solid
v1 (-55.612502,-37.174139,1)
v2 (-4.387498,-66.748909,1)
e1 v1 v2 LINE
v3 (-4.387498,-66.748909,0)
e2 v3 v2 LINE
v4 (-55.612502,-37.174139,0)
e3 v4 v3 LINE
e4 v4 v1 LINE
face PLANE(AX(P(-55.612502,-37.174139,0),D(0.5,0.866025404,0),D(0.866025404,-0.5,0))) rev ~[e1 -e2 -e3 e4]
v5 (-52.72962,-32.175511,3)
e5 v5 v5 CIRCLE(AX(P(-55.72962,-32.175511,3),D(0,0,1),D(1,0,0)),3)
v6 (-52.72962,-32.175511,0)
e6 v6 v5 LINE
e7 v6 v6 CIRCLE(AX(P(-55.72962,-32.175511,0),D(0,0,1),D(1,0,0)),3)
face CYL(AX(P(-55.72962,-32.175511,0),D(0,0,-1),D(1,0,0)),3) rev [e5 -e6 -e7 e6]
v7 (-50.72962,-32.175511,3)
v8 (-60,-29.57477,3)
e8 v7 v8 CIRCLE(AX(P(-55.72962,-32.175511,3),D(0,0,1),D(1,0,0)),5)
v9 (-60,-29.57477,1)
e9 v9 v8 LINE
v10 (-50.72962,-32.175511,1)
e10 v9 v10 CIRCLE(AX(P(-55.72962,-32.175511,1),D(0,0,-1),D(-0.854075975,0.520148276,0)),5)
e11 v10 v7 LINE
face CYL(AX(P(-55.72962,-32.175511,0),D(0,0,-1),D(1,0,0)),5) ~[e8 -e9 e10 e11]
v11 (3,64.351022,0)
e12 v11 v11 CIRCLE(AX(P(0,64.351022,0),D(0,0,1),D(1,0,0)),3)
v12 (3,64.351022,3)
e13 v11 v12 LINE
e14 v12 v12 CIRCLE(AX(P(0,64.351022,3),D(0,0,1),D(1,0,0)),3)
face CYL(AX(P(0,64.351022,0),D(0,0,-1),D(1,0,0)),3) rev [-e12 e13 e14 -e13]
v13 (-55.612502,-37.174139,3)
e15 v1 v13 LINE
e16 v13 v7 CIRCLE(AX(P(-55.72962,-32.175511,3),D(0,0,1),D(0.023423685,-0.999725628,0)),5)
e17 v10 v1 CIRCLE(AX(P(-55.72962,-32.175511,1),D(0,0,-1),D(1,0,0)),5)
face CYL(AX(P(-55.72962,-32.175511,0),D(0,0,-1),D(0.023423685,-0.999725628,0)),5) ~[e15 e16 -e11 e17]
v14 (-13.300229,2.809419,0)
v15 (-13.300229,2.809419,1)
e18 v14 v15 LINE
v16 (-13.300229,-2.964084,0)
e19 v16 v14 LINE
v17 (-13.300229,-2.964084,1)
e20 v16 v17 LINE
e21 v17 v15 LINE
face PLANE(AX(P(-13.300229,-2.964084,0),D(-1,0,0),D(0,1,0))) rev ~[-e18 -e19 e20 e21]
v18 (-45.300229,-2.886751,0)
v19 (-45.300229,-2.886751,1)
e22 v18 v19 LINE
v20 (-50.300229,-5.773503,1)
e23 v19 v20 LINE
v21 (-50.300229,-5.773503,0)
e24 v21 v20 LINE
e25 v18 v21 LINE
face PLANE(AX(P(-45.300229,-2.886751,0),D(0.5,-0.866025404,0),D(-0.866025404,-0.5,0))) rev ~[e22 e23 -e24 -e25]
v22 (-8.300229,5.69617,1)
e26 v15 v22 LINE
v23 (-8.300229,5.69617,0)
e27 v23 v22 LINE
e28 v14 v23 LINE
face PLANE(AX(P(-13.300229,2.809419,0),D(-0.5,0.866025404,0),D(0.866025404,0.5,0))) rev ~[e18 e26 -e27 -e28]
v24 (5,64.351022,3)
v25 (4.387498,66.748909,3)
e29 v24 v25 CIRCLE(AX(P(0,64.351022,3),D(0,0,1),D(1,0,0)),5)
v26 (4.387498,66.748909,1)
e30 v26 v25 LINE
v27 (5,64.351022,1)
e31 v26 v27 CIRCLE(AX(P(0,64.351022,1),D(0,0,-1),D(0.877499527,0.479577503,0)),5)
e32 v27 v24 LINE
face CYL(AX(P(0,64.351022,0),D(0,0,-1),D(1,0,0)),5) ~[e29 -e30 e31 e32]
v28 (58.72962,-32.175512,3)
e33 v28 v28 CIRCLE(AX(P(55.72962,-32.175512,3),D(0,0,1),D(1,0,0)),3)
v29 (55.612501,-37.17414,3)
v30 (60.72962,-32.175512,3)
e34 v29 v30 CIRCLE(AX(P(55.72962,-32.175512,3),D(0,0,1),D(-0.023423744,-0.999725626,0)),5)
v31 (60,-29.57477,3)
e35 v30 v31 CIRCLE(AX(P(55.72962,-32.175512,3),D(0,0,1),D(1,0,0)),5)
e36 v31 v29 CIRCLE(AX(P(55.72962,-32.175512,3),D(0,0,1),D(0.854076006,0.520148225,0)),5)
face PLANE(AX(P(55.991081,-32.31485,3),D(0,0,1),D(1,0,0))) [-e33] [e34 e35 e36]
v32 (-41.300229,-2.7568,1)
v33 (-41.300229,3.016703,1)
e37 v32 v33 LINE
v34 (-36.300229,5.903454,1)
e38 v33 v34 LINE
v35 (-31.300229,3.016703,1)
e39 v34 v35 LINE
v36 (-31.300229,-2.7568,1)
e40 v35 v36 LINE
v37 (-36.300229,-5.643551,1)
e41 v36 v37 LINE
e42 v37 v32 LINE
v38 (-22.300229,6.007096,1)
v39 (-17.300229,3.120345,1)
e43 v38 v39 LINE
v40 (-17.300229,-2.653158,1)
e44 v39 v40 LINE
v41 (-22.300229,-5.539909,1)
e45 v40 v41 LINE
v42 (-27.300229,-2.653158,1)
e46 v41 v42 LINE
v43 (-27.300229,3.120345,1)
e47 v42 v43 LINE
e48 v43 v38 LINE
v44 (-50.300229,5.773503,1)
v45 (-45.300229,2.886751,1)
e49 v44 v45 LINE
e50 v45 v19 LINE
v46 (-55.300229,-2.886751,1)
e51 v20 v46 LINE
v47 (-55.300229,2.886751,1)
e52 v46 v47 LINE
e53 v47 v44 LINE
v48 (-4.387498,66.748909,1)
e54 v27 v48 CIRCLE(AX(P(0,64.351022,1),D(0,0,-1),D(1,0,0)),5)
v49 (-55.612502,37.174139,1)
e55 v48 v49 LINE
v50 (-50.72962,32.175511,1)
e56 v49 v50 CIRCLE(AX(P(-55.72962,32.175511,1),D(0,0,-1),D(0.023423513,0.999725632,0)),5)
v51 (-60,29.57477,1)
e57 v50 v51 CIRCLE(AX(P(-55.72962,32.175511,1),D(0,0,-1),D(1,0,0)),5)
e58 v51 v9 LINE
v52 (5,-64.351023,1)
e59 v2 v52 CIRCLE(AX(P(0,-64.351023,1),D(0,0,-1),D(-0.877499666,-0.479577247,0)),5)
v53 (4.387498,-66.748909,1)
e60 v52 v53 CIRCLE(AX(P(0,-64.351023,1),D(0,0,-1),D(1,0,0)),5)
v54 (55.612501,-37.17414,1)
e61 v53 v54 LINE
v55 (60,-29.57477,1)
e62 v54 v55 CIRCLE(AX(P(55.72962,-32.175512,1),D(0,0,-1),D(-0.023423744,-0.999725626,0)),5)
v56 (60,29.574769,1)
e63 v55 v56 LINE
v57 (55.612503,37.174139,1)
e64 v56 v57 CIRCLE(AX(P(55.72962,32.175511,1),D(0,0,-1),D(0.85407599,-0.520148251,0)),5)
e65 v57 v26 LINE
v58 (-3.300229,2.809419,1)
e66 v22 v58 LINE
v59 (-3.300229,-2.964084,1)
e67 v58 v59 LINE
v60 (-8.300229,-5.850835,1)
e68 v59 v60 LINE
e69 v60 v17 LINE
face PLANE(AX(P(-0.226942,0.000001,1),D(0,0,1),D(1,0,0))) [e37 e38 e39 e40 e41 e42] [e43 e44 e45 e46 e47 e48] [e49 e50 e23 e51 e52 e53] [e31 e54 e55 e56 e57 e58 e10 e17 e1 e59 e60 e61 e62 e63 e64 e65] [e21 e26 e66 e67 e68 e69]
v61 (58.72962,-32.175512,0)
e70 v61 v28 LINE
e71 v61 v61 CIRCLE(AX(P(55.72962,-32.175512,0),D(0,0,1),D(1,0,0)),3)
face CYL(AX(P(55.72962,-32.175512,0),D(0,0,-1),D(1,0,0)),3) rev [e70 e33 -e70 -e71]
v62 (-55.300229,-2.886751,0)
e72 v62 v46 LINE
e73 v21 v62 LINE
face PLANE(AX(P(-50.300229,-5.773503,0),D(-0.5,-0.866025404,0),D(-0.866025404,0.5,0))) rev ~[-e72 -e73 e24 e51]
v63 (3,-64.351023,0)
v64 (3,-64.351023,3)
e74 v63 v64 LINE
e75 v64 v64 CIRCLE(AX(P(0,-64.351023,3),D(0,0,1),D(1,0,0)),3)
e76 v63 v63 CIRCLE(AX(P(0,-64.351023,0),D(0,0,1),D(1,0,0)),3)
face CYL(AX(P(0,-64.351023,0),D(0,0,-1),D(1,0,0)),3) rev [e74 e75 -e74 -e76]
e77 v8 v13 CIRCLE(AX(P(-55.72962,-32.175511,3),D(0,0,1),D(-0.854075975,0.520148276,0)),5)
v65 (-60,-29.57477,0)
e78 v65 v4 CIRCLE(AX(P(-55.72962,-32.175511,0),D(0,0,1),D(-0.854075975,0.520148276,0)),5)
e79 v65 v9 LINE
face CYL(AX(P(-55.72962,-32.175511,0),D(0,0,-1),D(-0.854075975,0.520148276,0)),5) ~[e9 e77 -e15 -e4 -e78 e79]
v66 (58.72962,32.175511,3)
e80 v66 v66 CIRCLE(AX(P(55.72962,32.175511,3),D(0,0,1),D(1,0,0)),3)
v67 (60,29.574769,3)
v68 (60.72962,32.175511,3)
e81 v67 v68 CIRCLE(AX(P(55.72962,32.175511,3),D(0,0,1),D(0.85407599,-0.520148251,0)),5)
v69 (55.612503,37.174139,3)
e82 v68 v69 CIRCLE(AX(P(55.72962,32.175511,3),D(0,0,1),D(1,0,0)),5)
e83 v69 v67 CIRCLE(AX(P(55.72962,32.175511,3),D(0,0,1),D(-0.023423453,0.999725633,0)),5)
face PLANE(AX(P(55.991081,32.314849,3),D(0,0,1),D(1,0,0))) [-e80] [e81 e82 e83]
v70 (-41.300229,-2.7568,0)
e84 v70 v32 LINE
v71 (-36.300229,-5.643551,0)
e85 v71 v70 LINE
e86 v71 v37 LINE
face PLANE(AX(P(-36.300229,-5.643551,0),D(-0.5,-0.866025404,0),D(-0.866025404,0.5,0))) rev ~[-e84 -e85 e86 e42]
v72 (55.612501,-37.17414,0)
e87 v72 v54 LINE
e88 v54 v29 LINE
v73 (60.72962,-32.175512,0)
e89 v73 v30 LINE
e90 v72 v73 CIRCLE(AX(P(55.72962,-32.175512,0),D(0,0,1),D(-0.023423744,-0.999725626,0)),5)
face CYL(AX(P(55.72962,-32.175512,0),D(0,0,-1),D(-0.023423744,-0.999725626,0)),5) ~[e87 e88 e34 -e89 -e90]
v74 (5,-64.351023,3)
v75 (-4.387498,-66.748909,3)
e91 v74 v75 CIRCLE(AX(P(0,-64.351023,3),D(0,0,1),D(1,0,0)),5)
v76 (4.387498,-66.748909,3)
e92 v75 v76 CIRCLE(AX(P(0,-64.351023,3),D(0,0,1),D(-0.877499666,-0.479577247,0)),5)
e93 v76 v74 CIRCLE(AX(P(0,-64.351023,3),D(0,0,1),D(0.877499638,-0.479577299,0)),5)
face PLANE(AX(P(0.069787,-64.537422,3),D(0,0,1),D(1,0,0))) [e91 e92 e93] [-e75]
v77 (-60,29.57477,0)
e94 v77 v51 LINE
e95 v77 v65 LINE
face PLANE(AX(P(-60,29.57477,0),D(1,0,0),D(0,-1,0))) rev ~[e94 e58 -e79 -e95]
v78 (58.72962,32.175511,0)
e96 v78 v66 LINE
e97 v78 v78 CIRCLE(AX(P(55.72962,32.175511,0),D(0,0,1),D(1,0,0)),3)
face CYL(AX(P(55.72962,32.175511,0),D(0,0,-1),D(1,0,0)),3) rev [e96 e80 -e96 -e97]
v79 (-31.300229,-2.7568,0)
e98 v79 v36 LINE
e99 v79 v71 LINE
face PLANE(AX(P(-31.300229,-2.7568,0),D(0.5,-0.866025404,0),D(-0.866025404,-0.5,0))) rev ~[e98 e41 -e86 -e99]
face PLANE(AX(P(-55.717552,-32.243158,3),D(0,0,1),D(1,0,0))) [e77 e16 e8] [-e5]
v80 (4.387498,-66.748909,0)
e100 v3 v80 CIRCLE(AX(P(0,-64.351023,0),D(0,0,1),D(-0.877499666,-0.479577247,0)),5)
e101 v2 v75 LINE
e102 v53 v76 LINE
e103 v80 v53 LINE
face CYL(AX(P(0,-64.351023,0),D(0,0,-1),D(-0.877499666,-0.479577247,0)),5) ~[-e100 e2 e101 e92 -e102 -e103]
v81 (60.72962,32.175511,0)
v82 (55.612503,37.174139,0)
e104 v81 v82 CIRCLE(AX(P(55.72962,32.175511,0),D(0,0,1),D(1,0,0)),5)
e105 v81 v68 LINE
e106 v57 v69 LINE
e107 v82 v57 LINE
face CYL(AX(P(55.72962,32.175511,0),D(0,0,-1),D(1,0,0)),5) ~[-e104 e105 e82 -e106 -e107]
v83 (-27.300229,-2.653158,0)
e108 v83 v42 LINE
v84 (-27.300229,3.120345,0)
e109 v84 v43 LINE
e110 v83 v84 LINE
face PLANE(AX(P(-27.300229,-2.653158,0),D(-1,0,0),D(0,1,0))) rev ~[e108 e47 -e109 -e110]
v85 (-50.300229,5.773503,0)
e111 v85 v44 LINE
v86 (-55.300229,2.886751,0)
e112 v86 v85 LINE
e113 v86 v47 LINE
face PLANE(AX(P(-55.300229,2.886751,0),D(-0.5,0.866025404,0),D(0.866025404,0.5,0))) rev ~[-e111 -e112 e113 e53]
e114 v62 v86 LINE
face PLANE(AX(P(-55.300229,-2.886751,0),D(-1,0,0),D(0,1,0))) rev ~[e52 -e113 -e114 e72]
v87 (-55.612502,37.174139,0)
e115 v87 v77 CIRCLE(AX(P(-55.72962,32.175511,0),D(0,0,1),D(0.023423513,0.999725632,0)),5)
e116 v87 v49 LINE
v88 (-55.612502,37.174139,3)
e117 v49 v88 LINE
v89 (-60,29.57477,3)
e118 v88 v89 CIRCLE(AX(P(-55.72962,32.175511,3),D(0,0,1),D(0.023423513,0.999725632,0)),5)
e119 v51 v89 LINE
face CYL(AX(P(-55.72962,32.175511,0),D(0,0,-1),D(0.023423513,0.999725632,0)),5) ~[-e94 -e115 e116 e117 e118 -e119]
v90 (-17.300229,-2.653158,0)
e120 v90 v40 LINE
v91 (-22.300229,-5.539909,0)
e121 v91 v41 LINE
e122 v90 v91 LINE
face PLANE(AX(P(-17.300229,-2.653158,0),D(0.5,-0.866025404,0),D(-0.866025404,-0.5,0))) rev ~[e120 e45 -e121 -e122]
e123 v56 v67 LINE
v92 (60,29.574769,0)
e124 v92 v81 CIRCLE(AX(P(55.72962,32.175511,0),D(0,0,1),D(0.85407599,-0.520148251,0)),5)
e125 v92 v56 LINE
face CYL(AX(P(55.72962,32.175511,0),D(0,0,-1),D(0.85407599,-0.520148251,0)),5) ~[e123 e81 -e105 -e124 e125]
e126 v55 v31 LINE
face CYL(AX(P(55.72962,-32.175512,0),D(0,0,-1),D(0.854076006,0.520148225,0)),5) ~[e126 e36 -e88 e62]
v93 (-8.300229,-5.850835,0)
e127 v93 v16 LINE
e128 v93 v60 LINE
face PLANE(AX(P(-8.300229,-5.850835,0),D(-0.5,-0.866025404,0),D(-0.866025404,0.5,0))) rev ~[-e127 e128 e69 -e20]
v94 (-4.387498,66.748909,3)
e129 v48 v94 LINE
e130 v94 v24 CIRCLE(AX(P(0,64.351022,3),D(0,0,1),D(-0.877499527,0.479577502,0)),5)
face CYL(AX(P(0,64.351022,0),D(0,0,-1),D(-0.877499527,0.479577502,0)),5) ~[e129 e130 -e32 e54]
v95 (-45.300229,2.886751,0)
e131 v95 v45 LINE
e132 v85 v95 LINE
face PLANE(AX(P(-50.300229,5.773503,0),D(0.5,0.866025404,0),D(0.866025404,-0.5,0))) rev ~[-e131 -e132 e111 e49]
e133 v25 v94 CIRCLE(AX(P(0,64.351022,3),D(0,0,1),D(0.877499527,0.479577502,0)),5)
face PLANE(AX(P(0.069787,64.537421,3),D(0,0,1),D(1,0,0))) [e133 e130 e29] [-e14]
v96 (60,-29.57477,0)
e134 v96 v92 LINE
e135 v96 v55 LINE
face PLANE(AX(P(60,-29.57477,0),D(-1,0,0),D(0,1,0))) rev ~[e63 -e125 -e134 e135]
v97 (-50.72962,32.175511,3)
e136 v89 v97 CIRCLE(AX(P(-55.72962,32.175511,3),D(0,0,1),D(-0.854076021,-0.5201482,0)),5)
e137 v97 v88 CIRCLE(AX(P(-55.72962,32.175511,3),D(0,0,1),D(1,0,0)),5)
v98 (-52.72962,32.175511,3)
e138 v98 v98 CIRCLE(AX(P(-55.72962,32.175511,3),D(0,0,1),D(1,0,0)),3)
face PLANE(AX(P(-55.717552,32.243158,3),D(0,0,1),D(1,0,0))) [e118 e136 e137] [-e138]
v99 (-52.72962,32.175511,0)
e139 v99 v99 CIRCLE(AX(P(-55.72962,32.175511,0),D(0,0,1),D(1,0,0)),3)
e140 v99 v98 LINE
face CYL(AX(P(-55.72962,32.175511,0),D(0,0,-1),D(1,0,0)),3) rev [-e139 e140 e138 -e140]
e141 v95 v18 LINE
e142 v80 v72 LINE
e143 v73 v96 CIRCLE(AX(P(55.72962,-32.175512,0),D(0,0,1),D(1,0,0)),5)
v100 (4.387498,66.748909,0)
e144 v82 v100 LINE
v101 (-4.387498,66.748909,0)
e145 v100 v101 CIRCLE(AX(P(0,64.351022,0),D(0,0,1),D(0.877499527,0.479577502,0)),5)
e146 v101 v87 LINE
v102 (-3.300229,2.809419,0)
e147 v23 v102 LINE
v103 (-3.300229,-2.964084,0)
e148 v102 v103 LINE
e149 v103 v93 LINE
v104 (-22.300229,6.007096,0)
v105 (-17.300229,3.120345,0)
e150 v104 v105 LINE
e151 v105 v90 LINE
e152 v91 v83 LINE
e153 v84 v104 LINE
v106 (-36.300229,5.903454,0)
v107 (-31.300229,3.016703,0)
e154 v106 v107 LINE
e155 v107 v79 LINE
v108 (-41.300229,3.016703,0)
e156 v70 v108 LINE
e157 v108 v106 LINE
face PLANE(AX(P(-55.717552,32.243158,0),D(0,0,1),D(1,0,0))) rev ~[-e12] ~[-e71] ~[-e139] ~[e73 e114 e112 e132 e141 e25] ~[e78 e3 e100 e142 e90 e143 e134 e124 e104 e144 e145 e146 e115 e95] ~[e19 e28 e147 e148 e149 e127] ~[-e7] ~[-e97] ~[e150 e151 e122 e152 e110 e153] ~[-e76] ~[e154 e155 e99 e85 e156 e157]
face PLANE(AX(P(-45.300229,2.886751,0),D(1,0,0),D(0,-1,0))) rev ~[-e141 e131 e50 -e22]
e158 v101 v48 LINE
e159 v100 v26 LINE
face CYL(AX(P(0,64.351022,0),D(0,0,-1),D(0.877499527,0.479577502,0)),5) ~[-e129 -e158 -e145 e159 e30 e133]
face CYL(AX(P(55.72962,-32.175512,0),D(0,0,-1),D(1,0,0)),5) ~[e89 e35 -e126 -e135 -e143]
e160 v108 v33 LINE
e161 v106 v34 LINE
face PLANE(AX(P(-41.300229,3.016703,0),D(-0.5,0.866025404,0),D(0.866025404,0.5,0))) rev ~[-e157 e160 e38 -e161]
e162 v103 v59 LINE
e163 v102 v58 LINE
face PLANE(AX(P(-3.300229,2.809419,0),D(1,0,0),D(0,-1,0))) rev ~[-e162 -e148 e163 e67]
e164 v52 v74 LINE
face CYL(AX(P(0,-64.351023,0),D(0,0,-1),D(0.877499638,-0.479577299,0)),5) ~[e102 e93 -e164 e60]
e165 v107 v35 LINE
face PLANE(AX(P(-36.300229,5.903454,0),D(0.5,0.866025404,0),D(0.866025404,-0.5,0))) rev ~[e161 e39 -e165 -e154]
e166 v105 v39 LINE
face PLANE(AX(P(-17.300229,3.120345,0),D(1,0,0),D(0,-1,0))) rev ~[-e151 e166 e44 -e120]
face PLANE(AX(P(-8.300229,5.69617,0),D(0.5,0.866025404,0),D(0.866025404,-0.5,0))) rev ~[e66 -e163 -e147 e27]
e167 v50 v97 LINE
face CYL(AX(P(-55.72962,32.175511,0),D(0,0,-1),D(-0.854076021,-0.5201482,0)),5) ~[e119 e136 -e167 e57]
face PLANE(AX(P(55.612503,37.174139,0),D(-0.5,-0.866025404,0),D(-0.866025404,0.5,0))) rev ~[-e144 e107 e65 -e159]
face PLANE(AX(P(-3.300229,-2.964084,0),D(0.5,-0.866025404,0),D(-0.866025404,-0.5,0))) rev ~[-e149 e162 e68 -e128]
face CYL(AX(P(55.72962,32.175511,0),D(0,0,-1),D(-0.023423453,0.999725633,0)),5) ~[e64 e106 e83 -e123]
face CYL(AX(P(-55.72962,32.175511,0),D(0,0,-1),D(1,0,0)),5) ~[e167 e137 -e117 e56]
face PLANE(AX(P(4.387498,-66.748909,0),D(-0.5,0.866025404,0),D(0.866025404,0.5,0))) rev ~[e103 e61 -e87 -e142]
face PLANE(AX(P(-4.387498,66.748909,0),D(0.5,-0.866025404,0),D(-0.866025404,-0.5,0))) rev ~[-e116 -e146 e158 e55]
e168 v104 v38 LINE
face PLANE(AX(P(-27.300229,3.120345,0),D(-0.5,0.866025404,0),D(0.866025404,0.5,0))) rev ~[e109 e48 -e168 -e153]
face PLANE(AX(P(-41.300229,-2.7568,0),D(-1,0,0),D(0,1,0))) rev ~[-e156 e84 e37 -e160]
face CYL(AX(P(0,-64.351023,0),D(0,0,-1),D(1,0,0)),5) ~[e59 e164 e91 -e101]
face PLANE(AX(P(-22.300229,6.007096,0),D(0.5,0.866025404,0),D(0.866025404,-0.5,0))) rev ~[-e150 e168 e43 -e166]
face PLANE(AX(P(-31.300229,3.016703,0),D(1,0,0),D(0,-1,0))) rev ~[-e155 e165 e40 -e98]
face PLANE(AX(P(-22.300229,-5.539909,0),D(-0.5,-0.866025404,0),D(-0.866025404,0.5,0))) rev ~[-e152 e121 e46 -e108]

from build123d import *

# Parameters (mm, degrees)
F1_DEPTH = 1
F0_R     = 3
F2_DEPTH = 3


with BuildPart() as f1:
    # F0 (on Top) → F1 (new body)
    with BuildSketch(Plane.XY):
        with BuildLine():
            Line((60, -29.5747704777), (60, 29.574769431))
            ThreePointArc((60, 29.574769431), (51.3994928411, 29.6755110105), (55.6125027826, 37.1741388509))
            Line((55.6125027826, 37.1741388509), (4.3874976328, 66.7489093634))
            ThreePointArc((4.3874976328, 66.7489093634), (4.844454983, 65.5884611093), (5, 64.351021851))
            ThreePointArc((5, 64.351021851), (-1.2374392583, 59.506566868), (-4.3874976328, 66.7489093634))
            Line((-4.3874976328, 66.7489093634), (-55.6125023294, 37.1741391126))
            ThreePointArc((-55.6125023294, 37.1741391126), (-52.1529183527, 35.6693921891), (-50.7296198931, 32.1755109531))
            ThreePointArc((-50.7296198931, 32.1755109531), (-54.37904604, 27.3613702959), (-60, 29.5747699543))
            Line((-60, 29.5747699543), (-60, -29.5747699543))
            ThreePointArc((-60, -29.5747699543), (-54.3790460573, -27.3613707384), (-50.7296201258, -32.1755113351))
            ThreePointArc((-50.7296201258, -32.1755113351), (-52.152918285, -35.6693922636), (-55.6125017026, -37.1741394744))
            Line((-55.6125017026, -37.1741394744), (-4.3874984862, -66.7489088707))
            ThreePointArc((-4.3874984862, -66.7489088707), (-1.237438708, -59.5065674728), (4.9999998449, -64.351022636))
            ThreePointArc((4.9999998449, -64.351022636), (4.8444549712, -65.5884613333), (4.387498033, -66.7489091323))
            Line((4.387498033, -66.7489091323), (55.6125012494, -37.1741397361))
            ThreePointArc((55.6125012494, -37.1741397361), (51.3994931648, -29.6755112347), (60, -29.5747704777))
        make_face()
        Polygon((-8.3002293408, -5.8508351856), (-13.3002293408, -2.9640838396), (-13.3002293408, 2.8094188523), (-8.3002293408, 5.6961701982), (-3.3002293408, 2.8094188523), (-3.3002293408, -2.9640838396), align=None, mode=Mode.SUBTRACT)
        Polygon((-50.3002293408, 5.7735026919), (-45.3002293408, 2.8867513459), (-45.3002293408, -2.8867513459), (-50.3002293408, -5.7735026919), (-55.3002293408, -2.8867513459), (-55.3002293408, 2.8867513459), align=None, mode=Mode.SUBTRACT)
        Polygon((-36.3002293408, -5.6435510621), (-41.3002293408, -2.7567997162), (-41.3002293408, 3.0167029757), (-36.3002293408, 5.9034543217), (-31.3002293408, 3.0167029757), (-31.3002293408, -2.7567997162), align=None, mode=Mode.SUBTRACT)
        Polygon((-22.3002293408, -5.5399089458), (-27.3002293408, -2.6531575999), (-27.3002293408, 3.120345092), (-22.3002293408, 6.007096438), (-17.3002293408, 3.120345092), (-17.3002293408, -2.6531575999), align=None, mode=Mode.SUBTRACT)
    extrude(amount=F1_DEPTH)

    # F0 (on Top) → F2 (join)
    with BuildSketch(Plane.XY):
        with BuildLine():
            ThreePointArc((-50.7296198931, 32.1755109531), (-52.1529183527, 35.6693921891), (-55.6125023294, 37.1741391126))
            ThreePointArc((-55.6125023294, 37.1741391126), (-60.0597469512, 34.6755108854), (-60, 29.5747699543))
            ThreePointArc((-60, 29.5747699543), (-54.37904604, 27.3613702959), (-50.7296198931, 32.1755109531))
        make_face()
        with Locations((-55.7296198931, 32.1755109531)):
            Circle(F0_R, mode=Mode.SUBTRACT)
        with BuildLine():
            ThreePointArc((5, 64.351021851), (4.844454983, 65.5884611093), (4.3874976328, 66.7489093634))
            ThreePointArc((4.3874976328, 66.7489093634), (0, 69.351021851), (-4.3874976328, 66.7489093634))
            ThreePointArc((-4.3874976328, 66.7489093634), (-1.2374392583, 59.506566868), (5, 64.351021851))
        make_face()
        with Locations((0, 64.351021851)):
            Circle(F0_R, mode=Mode.SUBTRACT)
        with BuildLine():
            ThreePointArc((55.6125027826, 37.1741388509), (51.3994928411, 29.6755110105), (60, 29.574769431))
            ThreePointArc((60, 29.574769431), (60.5437606651, 30.8249366878), (60.7296200482, 32.1755106845))
            ThreePointArc((60.7296200482, 32.1755106845), (59.2235013908, 35.7522121207), (55.6125027826, 37.1741388509))
        make_face()
        with Locations((55.7296200482, 32.1755106845)):
            Circle(F0_R, mode=Mode.SUBTRACT)
        with BuildLine():
            ThreePointArc((60.7296199707, -32.1755116038), (60.5437606077, -30.8249376789), (60, -29.5747704777))
            ThreePointArc((60, -29.5747704777), (51.3994931648, -29.6755112347), (55.6125012494, -37.1741397361))
            ThreePointArc((55.6125012494, -37.1741397361), (59.2235007925, -35.7522135487), (60.7296199707, -32.1755116038))
        make_face()
        with Locations((55.7296199707, -32.1755116038)):
            Circle(F0_R, mode=Mode.SUBTRACT)
        with BuildLine():
            ThreePointArc((-4.3874984862, -66.7489088707), (-3.042e-07, -69.351022636), (4.387498033, -66.7489091323))
            ThreePointArc((4.387498033, -66.7489091323), (4.8444549712, -65.5884613333), (4.9999998449, -64.351022636))
            ThreePointArc((4.9999998449, -64.351022636), (-1.237438708, -59.5065674728), (-4.3874984862, -66.7489088707))
        make_face()
        with Locations((-1.551e-07, -64.351022636)):
            Circle(F0_R, mode=Mode.SUBTRACT)
        with BuildLine():
            ThreePointArc((-60, -29.5747699543), (-60.0597470807, -34.6755114459), (-55.6125017026, -37.1741394744))
            ThreePointArc((-55.6125017026, -37.1741394744), (-52.152918285, -35.6693922636), (-50.7296201258, -32.1755113351))
            ThreePointArc((-50.7296201258, -32.1755113351), (-54.3790460573, -27.3613707384), (-60, -29.5747699543))
        make_face()
        with Locations((-55.7296201258, -32.1755113351)):
            Circle(F0_R, mode=Mode.SUBTRACT)
    extrude(amount=F2_DEPTH)


solid = f1.part
